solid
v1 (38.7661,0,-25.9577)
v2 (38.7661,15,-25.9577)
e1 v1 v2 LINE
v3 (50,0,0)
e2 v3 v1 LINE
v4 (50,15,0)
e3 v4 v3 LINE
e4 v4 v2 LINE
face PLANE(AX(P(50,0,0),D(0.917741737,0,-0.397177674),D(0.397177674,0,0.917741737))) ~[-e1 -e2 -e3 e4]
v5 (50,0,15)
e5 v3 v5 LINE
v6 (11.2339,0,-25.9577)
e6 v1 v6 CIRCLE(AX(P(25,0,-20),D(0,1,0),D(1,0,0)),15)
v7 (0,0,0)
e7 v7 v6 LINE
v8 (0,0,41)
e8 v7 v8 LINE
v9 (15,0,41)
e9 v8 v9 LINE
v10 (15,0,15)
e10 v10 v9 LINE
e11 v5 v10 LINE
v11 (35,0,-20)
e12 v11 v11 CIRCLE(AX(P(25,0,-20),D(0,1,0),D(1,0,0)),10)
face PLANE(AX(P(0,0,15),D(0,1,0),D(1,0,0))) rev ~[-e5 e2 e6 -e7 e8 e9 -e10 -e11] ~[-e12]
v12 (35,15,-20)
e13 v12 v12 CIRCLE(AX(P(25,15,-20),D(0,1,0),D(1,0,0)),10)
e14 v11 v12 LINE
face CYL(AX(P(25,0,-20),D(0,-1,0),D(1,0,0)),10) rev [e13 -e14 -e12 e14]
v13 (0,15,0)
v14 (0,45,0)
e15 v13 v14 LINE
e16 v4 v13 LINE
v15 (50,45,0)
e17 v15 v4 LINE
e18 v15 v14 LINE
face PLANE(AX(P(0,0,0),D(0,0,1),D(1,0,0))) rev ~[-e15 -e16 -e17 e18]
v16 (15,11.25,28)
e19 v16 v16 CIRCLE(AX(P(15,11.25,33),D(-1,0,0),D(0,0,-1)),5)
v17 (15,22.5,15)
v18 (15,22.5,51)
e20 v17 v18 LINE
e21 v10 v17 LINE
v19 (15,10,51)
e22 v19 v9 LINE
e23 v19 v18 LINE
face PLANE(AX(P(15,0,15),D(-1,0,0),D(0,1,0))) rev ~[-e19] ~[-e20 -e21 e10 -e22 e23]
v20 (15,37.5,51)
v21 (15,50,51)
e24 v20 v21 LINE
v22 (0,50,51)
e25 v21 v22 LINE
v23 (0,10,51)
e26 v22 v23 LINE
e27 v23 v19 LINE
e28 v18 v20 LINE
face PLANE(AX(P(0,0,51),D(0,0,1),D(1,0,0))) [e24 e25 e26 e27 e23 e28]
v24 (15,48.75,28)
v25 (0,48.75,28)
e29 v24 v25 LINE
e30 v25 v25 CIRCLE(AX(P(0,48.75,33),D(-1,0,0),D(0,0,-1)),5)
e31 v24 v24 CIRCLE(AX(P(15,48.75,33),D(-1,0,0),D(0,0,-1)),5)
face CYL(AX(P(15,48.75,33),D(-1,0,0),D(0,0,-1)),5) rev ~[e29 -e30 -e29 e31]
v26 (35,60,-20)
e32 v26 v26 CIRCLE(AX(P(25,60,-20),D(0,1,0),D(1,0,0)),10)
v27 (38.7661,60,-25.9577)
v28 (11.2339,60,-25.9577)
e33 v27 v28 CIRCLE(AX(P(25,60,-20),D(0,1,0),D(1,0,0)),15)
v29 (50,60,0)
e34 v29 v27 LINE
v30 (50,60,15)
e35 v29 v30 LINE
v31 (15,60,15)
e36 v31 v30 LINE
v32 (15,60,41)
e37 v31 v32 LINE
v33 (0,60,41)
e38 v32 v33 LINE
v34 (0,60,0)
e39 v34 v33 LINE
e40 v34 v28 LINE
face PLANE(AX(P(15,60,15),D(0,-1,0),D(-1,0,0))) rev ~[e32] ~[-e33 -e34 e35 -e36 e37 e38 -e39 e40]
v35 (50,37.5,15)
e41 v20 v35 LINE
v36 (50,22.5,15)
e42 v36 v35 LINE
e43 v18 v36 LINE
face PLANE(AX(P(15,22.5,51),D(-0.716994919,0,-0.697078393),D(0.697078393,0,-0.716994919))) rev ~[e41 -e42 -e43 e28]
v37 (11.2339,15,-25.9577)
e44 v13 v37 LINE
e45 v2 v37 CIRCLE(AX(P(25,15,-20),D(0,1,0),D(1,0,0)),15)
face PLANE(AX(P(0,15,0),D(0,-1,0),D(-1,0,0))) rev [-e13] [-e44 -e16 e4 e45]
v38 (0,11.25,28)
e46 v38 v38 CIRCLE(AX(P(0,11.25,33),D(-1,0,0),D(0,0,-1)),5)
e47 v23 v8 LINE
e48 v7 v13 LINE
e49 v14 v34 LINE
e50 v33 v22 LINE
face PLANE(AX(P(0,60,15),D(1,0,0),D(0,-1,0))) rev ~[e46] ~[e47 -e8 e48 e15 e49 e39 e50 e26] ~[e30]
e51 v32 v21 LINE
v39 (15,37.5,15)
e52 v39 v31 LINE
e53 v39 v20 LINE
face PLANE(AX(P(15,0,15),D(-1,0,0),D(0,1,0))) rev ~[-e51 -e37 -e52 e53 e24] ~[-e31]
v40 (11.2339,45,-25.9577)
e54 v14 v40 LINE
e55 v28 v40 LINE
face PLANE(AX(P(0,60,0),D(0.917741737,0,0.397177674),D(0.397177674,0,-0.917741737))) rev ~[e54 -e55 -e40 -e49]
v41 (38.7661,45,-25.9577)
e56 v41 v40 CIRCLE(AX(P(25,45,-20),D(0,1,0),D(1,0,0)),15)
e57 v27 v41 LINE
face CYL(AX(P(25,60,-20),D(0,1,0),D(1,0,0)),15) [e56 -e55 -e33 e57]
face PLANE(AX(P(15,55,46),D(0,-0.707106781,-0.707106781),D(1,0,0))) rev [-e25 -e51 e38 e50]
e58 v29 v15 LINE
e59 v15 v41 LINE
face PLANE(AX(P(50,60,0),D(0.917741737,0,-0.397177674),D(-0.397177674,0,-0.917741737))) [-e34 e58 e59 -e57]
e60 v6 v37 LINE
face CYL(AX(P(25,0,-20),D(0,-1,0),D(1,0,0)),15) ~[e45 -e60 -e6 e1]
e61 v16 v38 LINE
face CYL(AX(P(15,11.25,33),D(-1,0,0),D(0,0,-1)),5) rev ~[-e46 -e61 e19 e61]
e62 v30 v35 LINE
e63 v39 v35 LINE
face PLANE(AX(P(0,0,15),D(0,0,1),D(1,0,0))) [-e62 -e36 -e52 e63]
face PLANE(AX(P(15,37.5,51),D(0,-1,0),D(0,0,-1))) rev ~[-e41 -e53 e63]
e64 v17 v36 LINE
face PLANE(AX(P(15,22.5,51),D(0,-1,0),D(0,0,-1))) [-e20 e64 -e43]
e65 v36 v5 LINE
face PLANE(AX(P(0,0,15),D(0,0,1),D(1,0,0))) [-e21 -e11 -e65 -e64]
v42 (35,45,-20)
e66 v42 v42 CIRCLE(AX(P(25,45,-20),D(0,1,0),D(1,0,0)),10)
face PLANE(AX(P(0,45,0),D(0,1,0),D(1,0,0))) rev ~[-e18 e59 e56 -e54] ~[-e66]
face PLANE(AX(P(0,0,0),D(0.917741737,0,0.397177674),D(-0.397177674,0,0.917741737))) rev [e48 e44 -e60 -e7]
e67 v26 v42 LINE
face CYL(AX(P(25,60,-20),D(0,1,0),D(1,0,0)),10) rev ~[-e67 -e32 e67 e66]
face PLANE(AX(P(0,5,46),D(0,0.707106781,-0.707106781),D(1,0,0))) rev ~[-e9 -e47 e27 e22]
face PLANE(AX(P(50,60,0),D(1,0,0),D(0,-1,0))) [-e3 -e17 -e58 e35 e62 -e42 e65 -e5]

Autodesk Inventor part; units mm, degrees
ref_plane "YZ Plane" through (0, 0, 0) normal (1, 0, 0) x (0, 1, 0)
sketch "Sketch1" plane through (0, 0, 0) normal (0, 0, 1) x (1, 0, 0)
  line L0 (0, 60) -> (50, 60)
  line L1 (50, 60) -> (50, 0)
  line L2 (50, 0) -> (0, 0)
  line L3 (0, 0) -> (0, 60)
  dimension "d0" = 50
  dimension "d1" = 60
extrude "Extrusion1" add sketch "Sketch1" along normal blind 15
sketch "Sketch2" plane through (0, 60, 0) normal (0, 1, 0) x (1, 0, 0)
  circle A0 centre (25, 20) radius 10
  circle A1 centre (25, 20) radius 15
  line L0 (50, 0) -> (0, 0) projected
  line L1 (25, 0) -> (25, 35.9147) construction
  line L2 (0, 0) -> (0, -15) construction
  line L3 (0, 0) -> (11.2339, 25.9577)
  line L4 (50, 0) -> (50, -15) projected
  line L5 (50, 0) -> (38.7661, 25.9577)
  dimension "d4" = 20
  dimension "d5" = 30
  dimension "d6" = 20
extrude "Extrusion2" add sketch "Sketch2" against normal blind 15
ref_plane "Work Plane1" through (0, 30, 15) normal (0, 1, 0) x (1, 0, 0)
mirror "Mirror1" about plane through (0, 30, 15) normal (0, 1, 0) of "Extrusion2"
sketch "Sketch3" plane through (0, 0, 15) normal (0, 0, 1) x (1, 0, 0)
  line L0 (50, 0) -> (50, 60) projected
  line L1 (0, 60) -> (0, 0) projected
  line L2 (50, 60) -> (0, 60) projected
  line L3 (0, 0) -> (15, 0)
  line L4 (15, 0) -> (15, 60)
  line L5 (15, 60) -> (0, 60)
  line L6 (0, 60) -> (0, 0)
  dimension "d12" = 15
extrude "Extrusion3" add sketch "Sketch3" along normal blind 36
ref_plane "Work Plane3" through (15, 22.5, 51) normal (0, -1, 0) x (0, 0, -1)
sketch "Sketch5" plane through (15, 22.5, 51) normal (0, -1, 0) x (0, 0, -1)
  line L0 (36, 0) -> (0, 0) projected
  line L1 (0, 0) -> (36, 35)
  line L2 (36, 0) -> (36, 35)
  point P0 (51, -15)
extrude "Extrusion4" add sketch "Sketch5" against normal blind 15
chamfer "Chamfer1" distance 10 angle 45 2 edges at (7.5, 0, 51) (7.5, 60, 51)
sketch "Sketch7" plane through (15, 37.5, 15) normal (1, 0, 0) x (0, 0, -1)
  line L0 (0, 22.5) -> (-26, 22.5) projected
  line L1 (-36, 0) -> (0, 0) projected
  line L2 (0, 0) -> (0, 22.5) projected
  line L3 (-36, 0) -> (-36, 12.5) projected
  line L4 (-5.5947, -7.5) -> (-36, -7.5) construction
  line L5 (-36, 12.5) -> (-36, -27.5) construction
  point P0 (15, -37.5)
  point P1 (-18, 11.25)
  point P2 (-18, -26.25)
  dimension "d28" = 11.25
  dimension "d29" = 22.5
  dimension "d30" = 36
  dimension "d31" = 18
hole "Hole2" at (15, 48.75, 33) at (15, 11.25, 33) direction (-1, 0, 0) diameter 10 end through all
equation "\"d28\" = 0.5 * d29"
equation "\"d31\" = 0.5 * d30"
properties part number "01"
